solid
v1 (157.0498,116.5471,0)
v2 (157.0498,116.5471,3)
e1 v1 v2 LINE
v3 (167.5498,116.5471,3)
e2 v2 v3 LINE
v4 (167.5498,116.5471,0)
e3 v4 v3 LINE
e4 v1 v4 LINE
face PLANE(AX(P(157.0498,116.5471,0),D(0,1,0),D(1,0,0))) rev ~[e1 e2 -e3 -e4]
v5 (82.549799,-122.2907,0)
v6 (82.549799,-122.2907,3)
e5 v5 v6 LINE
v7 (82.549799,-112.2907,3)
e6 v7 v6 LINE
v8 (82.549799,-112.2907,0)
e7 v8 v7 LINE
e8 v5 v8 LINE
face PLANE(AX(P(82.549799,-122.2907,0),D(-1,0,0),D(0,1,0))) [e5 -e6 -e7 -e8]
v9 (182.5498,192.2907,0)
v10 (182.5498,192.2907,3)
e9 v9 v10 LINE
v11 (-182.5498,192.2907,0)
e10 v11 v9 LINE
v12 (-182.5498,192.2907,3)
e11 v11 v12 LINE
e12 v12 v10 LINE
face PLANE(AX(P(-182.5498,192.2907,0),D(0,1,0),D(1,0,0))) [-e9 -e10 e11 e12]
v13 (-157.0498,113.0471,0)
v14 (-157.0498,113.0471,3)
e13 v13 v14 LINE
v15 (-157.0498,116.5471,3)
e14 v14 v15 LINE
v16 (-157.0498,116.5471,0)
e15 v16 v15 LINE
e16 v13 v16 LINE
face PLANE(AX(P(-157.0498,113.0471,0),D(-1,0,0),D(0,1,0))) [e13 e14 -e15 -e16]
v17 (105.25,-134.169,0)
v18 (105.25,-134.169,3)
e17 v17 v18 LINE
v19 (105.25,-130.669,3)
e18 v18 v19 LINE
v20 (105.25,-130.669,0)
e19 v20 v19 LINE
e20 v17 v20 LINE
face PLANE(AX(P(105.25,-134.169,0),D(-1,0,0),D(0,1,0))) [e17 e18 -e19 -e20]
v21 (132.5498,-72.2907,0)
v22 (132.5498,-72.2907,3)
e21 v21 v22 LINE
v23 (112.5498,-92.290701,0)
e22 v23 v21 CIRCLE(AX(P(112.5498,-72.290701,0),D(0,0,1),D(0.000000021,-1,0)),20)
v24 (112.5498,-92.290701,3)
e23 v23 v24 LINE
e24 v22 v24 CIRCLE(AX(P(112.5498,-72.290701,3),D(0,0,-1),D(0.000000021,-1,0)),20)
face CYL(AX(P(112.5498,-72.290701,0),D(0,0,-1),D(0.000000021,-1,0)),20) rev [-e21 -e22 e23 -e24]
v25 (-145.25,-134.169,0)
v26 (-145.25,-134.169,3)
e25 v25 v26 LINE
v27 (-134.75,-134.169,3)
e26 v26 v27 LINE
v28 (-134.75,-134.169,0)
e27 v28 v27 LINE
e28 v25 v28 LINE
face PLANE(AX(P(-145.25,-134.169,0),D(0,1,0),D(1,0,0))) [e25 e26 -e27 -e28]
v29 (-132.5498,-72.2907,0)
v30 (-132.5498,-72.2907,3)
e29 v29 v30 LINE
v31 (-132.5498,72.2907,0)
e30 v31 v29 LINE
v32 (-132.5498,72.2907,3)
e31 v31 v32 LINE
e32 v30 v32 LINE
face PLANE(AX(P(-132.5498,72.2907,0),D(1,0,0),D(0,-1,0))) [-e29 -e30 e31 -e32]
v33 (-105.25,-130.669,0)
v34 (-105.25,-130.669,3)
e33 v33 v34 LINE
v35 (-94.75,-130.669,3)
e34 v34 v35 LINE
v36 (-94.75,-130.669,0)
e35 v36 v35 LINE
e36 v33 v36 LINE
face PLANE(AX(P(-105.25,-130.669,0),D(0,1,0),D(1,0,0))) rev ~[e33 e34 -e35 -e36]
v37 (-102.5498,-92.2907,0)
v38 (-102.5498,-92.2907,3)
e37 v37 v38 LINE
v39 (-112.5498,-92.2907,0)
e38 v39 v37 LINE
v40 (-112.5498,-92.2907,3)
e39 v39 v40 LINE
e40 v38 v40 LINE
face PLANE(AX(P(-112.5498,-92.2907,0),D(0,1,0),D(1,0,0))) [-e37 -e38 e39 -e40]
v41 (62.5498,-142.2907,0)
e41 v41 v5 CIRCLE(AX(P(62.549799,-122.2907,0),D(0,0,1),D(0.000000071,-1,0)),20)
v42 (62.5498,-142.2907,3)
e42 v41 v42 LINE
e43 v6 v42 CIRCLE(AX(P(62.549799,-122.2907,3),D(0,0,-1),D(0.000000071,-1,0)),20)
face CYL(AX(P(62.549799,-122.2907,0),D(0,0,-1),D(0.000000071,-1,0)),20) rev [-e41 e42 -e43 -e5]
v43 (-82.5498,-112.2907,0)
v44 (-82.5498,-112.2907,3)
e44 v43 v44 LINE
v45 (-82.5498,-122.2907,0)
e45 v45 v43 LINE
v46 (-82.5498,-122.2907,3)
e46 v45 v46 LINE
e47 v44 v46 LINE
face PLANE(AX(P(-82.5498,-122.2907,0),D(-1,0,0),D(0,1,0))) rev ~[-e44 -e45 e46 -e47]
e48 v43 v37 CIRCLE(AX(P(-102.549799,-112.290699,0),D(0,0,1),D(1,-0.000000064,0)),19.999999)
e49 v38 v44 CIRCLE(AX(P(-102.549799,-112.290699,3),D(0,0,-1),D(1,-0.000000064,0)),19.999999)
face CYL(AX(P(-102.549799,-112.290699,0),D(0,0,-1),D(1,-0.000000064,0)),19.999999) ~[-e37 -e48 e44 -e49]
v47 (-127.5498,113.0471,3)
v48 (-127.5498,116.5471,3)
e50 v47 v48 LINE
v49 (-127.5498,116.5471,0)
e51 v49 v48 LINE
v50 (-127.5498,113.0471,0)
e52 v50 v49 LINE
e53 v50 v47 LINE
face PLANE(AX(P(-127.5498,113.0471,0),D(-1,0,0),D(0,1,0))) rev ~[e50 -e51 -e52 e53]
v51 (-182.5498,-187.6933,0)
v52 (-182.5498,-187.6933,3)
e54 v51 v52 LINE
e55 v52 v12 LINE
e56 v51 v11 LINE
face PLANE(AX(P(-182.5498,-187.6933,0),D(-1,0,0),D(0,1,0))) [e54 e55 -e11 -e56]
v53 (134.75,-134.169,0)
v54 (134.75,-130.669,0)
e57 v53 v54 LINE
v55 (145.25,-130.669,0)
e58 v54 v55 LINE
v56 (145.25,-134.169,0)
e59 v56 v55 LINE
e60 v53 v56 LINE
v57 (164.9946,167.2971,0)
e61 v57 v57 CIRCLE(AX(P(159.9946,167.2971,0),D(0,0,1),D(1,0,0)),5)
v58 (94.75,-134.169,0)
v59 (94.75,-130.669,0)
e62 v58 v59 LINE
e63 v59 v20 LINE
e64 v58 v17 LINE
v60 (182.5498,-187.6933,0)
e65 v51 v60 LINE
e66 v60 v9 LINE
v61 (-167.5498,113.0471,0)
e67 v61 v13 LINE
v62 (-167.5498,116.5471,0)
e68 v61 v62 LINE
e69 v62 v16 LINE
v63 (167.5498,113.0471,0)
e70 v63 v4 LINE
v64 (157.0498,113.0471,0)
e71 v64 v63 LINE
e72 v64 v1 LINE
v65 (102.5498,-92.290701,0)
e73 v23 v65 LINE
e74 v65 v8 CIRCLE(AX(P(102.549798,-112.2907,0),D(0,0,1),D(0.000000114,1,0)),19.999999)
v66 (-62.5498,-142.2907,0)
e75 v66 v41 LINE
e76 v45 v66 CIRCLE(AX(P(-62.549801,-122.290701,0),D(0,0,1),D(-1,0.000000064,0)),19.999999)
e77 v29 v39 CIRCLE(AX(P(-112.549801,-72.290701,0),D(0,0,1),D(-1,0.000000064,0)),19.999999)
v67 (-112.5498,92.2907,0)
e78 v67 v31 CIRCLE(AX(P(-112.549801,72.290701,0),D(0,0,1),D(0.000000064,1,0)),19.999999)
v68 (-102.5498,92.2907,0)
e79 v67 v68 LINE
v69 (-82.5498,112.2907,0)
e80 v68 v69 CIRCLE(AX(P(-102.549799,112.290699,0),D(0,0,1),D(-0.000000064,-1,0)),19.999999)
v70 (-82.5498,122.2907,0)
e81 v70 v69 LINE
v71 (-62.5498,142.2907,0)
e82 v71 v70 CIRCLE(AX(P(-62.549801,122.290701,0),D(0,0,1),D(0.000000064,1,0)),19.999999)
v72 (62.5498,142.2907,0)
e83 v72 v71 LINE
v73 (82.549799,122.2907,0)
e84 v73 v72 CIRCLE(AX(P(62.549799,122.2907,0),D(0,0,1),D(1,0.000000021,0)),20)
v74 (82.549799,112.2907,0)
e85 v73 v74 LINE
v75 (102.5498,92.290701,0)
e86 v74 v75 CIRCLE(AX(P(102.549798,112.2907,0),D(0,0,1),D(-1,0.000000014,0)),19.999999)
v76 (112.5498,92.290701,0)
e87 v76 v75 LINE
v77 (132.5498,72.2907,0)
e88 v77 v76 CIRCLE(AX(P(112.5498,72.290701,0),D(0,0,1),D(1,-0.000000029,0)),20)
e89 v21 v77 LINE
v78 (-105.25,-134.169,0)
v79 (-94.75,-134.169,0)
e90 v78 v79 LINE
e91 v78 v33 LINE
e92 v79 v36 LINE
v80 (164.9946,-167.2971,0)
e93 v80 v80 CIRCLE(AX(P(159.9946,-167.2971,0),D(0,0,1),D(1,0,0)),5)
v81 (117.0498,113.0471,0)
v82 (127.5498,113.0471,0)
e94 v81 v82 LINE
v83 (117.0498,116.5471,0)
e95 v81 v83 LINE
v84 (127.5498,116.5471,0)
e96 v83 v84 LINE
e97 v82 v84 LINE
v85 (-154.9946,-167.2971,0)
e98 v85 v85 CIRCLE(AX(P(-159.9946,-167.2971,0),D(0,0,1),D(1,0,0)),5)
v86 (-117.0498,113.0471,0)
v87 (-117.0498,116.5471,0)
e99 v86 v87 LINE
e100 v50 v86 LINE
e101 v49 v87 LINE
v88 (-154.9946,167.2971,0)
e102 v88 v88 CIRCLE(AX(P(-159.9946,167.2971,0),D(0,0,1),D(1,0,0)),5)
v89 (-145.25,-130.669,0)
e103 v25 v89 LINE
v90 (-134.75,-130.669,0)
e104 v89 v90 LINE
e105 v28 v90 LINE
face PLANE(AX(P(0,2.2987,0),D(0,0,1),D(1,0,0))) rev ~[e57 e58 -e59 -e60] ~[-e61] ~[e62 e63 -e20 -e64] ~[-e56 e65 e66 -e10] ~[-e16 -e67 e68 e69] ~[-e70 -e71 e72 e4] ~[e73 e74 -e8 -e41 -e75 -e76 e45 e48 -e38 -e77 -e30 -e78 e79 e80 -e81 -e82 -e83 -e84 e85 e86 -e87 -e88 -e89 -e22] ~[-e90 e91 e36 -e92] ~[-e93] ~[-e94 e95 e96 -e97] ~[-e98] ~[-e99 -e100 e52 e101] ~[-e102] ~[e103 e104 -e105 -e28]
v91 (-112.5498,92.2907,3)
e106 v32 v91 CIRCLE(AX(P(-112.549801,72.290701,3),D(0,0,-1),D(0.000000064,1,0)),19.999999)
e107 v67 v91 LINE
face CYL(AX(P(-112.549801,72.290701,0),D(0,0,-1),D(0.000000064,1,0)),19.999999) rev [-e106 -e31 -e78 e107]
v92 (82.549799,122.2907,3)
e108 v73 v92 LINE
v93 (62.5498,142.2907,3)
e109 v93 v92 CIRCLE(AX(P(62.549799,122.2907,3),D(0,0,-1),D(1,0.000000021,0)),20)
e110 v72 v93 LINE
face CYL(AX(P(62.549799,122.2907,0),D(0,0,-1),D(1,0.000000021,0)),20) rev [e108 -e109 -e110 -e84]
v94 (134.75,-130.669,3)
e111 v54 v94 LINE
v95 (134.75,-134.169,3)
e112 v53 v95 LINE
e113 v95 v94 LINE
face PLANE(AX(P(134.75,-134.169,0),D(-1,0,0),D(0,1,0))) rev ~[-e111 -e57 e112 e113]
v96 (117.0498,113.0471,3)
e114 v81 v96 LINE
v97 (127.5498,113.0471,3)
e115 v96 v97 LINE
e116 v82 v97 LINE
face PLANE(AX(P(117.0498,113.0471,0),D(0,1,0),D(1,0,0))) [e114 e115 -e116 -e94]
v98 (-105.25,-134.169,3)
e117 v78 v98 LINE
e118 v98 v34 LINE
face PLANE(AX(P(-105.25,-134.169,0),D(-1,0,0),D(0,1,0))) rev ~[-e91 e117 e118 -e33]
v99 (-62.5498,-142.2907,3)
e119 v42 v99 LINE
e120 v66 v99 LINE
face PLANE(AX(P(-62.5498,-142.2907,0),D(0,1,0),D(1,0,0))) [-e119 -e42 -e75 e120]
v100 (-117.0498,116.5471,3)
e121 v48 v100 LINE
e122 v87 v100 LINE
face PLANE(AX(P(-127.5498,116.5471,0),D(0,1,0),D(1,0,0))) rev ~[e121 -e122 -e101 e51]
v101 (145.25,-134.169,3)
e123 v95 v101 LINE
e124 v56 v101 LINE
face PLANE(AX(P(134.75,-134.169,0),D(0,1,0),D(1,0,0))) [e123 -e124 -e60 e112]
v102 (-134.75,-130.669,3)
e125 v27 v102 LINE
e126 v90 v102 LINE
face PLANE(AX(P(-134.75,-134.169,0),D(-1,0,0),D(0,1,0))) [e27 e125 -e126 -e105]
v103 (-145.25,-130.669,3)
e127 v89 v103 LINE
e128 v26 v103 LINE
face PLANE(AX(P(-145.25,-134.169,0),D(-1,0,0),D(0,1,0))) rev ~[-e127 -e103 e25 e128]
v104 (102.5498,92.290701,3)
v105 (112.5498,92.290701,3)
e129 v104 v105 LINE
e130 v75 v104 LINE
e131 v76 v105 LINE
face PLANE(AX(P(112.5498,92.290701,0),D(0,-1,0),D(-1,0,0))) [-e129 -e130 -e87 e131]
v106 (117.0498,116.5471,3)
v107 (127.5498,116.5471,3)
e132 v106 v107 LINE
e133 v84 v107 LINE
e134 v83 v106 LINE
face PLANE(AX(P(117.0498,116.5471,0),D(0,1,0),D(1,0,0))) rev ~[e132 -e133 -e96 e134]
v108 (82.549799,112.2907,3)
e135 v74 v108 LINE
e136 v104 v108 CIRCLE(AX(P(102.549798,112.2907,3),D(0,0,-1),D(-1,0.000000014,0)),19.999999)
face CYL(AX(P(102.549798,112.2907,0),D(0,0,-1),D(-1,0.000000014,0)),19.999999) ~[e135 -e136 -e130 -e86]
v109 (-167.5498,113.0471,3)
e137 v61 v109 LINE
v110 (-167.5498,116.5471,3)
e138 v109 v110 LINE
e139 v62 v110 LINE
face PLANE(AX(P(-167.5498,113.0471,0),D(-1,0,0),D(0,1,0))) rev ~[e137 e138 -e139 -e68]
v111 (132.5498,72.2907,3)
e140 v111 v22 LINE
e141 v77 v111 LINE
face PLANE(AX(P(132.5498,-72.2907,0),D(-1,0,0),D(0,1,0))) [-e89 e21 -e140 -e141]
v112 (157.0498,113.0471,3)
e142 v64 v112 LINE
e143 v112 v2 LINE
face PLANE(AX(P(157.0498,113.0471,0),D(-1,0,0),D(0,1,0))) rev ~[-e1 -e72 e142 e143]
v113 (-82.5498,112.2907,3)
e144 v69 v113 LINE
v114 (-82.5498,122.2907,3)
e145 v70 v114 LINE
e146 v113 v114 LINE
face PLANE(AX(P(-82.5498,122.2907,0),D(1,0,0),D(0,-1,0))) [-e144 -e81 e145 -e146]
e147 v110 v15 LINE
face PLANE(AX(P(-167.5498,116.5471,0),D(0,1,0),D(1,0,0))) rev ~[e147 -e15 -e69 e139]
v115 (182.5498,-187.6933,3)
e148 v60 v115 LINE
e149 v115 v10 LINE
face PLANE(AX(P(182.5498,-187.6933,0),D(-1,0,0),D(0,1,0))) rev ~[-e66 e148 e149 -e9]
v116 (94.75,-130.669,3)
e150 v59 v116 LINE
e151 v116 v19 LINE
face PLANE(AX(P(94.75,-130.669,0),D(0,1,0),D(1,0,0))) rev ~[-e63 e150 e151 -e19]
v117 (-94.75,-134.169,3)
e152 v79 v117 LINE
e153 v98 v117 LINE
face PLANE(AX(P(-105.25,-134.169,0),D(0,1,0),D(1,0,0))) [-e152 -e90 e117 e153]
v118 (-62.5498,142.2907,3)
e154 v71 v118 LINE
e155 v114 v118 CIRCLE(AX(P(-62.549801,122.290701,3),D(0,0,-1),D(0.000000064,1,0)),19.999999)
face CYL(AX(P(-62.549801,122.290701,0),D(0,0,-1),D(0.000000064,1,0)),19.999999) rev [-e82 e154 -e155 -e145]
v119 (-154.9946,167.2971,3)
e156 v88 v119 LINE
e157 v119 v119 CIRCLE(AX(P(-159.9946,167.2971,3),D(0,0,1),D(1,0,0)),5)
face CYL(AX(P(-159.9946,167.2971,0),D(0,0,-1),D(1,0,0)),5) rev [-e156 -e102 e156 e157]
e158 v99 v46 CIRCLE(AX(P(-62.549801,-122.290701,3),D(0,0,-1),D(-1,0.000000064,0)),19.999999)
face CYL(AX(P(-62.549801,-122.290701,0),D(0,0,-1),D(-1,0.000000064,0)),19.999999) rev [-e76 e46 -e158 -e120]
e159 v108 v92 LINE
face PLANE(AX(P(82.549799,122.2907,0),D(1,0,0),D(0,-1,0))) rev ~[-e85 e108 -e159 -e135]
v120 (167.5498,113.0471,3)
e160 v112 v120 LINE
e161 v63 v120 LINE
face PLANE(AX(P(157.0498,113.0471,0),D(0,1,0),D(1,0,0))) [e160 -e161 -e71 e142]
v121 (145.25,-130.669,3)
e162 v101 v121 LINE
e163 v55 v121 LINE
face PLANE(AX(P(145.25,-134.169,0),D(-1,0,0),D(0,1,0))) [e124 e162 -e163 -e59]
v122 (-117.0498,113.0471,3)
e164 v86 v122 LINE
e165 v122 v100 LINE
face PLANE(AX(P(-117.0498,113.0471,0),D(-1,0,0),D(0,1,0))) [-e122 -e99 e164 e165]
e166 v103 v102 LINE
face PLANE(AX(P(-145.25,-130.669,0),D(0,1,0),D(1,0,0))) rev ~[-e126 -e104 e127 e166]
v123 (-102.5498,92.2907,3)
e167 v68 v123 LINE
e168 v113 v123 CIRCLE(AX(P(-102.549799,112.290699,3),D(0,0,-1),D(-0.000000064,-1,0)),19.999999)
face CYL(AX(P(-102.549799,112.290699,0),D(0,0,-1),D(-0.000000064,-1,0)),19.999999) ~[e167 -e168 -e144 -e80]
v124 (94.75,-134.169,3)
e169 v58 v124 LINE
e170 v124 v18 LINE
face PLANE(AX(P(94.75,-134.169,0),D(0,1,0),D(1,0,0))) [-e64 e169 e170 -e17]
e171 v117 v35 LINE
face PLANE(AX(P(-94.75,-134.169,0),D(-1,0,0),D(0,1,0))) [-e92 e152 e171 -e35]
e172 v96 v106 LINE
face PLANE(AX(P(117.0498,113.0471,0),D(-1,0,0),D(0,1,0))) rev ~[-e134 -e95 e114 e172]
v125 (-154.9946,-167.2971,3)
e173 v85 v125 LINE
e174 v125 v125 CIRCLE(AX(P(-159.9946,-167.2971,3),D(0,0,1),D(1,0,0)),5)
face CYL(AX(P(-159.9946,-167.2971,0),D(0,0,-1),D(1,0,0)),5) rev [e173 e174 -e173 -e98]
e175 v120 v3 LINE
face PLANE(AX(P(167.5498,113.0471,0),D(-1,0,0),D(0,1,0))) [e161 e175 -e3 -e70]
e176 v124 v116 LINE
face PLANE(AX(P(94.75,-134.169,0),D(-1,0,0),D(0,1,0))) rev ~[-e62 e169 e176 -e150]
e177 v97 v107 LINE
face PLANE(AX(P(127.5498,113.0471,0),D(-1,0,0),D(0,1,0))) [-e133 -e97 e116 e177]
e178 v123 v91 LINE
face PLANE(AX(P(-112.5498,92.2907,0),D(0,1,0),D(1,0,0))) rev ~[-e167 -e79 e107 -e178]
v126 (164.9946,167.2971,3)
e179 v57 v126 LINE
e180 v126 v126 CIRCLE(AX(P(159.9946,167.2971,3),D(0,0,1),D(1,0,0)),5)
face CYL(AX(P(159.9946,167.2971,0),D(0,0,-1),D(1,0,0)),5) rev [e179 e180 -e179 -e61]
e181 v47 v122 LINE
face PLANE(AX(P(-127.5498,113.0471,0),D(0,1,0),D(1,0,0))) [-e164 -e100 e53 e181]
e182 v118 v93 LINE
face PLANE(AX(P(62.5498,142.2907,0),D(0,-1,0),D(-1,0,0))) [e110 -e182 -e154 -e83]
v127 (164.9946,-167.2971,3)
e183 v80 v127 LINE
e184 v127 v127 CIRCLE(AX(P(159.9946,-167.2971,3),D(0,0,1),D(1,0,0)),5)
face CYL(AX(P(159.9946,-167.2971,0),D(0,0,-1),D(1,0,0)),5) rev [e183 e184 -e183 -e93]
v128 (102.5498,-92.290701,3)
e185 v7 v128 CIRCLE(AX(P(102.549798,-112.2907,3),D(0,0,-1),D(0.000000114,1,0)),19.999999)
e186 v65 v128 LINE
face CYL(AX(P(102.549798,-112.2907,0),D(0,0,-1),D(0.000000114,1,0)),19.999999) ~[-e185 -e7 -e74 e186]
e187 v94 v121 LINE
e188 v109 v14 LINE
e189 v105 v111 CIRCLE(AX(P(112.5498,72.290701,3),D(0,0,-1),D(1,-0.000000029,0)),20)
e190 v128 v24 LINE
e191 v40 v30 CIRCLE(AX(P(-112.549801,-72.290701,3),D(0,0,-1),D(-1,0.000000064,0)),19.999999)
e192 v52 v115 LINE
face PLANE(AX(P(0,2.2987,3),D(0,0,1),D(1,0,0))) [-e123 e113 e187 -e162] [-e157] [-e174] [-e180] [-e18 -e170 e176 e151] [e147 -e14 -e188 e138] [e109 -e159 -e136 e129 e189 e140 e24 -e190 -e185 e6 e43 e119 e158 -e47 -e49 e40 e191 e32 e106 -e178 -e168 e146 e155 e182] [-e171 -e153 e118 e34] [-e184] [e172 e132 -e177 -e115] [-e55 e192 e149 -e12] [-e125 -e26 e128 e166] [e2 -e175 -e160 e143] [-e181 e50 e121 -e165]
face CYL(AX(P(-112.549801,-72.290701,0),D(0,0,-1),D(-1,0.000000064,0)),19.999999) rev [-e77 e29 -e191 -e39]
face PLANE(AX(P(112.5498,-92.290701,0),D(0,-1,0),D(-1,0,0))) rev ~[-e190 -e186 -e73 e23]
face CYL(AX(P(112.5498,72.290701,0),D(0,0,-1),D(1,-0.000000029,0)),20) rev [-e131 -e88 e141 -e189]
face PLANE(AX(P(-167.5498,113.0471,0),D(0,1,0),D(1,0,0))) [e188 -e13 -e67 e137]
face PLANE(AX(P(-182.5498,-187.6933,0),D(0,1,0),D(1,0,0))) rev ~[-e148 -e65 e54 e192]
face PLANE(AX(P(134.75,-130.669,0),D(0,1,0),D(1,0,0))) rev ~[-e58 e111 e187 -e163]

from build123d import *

# Parameters (mm, degrees)
SKETCH_W          = 365.0996
SKETCH_H          = 379.984
SKETCH_R          = 5
SKETCH_W_2        = 10.5
SKETCH_H_2        = 3.5
PAD_DEPTH         = 3
POCKET_DEPTH      = 0.001
POCKET_DEPTH_BACK = -3.001


with BuildPart() as part:
    # Sketch → Pad (new body)
    with BuildSketch(Plane.XY):
        with Locations((0, 2.2987)):
            Rectangle(SKETCH_W, SKETCH_H)
        with Locations((-159.9946, 167.2971)):
            Circle(SKETCH_R, mode=Mode.SUBTRACT)
        with Locations((159.9946, 167.2971)):
            Circle(SKETCH_R, mode=Mode.SUBTRACT)
        with Locations((159.9946, -167.2971)):
            Circle(SKETCH_R, mode=Mode.SUBTRACT)
        with Locations((-159.9946, -167.2971)):
            Circle(SKETCH_R, mode=Mode.SUBTRACT)
        with Locations((-140, -132.419)):
            Rectangle(SKETCH_W_2, SKETCH_H_2, mode=Mode.SUBTRACT)
        with Locations((-100, -132.419)):
            Rectangle(SKETCH_W_2, SKETCH_H_2, mode=Mode.SUBTRACT)
        with Locations((100, -132.419)):
            Rectangle(SKETCH_W_2, SKETCH_H_2, mode=Mode.SUBTRACT)
        with Locations((140, -132.419)):
            Rectangle(SKETCH_W_2, SKETCH_H_2, mode=Mode.SUBTRACT)
        with Locations((-162.2998, 114.7971)):
            Rectangle(SKETCH_W_2, SKETCH_H_2, mode=Mode.SUBTRACT)
        with Locations((-122.2998, 114.7971)):
            Rectangle(SKETCH_W_2, SKETCH_H_2, mode=Mode.SUBTRACT)
        with Locations((122.2998, 114.7971)):
            Rectangle(SKETCH_W_2, SKETCH_H_2, mode=Mode.SUBTRACT)
        with Locations((162.2998, 114.7971)):
            Rectangle(SKETCH_W_2, SKETCH_H_2, mode=Mode.SUBTRACT)
    extrude(amount=PAD_DEPTH)

    # Sketch001 → Pocket (cut, two sides)
    with BuildSketch(Plane.XY) as pocket_sk:
        with BuildLine():
            Line((0, 142.2907), (-62.5498, 142.2907))
            ThreePointArc((-62.5498, 142.2907), (-76.691936, 136.432836), (-82.5498, 122.2907))
            Line((-82.5498, 122.2907), (-82.5498, 112.2907))
            ThreePointArc((-102.5498, 92.2907), (-88.407664, 98.148564), (-82.5498, 112.2907))
            Line((-112.5498, 92.2907), (-102.5498, 92.2907))
            ThreePointArc((-112.5498, 92.2907), (-126.691936, 86.432836), (-132.5498, 72.2907))
            Line((-132.5498, 0), (-132.5498, 72.2907))
            Line((-132.5498, 0), (-132.5498, -72.2907))
            ThreePointArc((-132.5498, -72.2907), (-126.691936, -86.432836), (-112.5498, -92.2907))
            Line((-112.5498, -92.2907), (-102.5498, -92.2907))
            ThreePointArc((-82.5498, -112.2907), (-88.407664, -98.148564), (-102.5498, -92.2907))
            Line((-82.5498, -122.2907), (-82.5498, -112.2907))
            ThreePointArc((-82.5498, -122.2907), (-76.691936, -136.432836), (-62.5498, -142.2907))
            Line((0, -142.2907), (-62.5498, -142.2907))
            Line((0, -142.2907), (62.5498, -142.2907))
            ThreePointArc((62.5498, -142.2907), (76.691935, -136.432835), (82.549799, -122.2907))
            Line((82.549799, -122.2907), (82.549799, -112.2907))
            ThreePointArc((102.5498, -92.290701), (88.407664, -98.148564), (82.549799, -112.2907))
            Line((112.5498, -92.290701), (102.5498, -92.290701))
            ThreePointArc((112.5498, -92.290701), (126.691936, -86.432836), (132.5498, -72.2907))
            Line((132.5498, 0), (132.5498, -72.2907))
            Line((132.5498, 0), (132.5498, 72.2907))
            ThreePointArc((132.5498, 72.2907), (126.691936, 86.432836), (112.5498, 92.290701))
            Line((112.5498, 92.290701), (102.5498, 92.290701))
            ThreePointArc((82.549799, 112.2907), (88.407664, 98.148564), (102.5498, 92.290701))
            Line((82.549799, 122.2907), (82.549799, 112.2907))
            ThreePointArc((82.549799, 122.2907), (76.691935, 136.432835), (62.5498, 142.2907))
            Line((0, 142.2907), (62.5498, 142.2907))
        make_face()
    extrude(amount=-POCKET_DEPTH, mode=Mode.SUBTRACT)
    extrude(pocket_sk.sketch, amount=-POCKET_DEPTH_BACK, mode=Mode.SUBTRACT)


solid = part.part
